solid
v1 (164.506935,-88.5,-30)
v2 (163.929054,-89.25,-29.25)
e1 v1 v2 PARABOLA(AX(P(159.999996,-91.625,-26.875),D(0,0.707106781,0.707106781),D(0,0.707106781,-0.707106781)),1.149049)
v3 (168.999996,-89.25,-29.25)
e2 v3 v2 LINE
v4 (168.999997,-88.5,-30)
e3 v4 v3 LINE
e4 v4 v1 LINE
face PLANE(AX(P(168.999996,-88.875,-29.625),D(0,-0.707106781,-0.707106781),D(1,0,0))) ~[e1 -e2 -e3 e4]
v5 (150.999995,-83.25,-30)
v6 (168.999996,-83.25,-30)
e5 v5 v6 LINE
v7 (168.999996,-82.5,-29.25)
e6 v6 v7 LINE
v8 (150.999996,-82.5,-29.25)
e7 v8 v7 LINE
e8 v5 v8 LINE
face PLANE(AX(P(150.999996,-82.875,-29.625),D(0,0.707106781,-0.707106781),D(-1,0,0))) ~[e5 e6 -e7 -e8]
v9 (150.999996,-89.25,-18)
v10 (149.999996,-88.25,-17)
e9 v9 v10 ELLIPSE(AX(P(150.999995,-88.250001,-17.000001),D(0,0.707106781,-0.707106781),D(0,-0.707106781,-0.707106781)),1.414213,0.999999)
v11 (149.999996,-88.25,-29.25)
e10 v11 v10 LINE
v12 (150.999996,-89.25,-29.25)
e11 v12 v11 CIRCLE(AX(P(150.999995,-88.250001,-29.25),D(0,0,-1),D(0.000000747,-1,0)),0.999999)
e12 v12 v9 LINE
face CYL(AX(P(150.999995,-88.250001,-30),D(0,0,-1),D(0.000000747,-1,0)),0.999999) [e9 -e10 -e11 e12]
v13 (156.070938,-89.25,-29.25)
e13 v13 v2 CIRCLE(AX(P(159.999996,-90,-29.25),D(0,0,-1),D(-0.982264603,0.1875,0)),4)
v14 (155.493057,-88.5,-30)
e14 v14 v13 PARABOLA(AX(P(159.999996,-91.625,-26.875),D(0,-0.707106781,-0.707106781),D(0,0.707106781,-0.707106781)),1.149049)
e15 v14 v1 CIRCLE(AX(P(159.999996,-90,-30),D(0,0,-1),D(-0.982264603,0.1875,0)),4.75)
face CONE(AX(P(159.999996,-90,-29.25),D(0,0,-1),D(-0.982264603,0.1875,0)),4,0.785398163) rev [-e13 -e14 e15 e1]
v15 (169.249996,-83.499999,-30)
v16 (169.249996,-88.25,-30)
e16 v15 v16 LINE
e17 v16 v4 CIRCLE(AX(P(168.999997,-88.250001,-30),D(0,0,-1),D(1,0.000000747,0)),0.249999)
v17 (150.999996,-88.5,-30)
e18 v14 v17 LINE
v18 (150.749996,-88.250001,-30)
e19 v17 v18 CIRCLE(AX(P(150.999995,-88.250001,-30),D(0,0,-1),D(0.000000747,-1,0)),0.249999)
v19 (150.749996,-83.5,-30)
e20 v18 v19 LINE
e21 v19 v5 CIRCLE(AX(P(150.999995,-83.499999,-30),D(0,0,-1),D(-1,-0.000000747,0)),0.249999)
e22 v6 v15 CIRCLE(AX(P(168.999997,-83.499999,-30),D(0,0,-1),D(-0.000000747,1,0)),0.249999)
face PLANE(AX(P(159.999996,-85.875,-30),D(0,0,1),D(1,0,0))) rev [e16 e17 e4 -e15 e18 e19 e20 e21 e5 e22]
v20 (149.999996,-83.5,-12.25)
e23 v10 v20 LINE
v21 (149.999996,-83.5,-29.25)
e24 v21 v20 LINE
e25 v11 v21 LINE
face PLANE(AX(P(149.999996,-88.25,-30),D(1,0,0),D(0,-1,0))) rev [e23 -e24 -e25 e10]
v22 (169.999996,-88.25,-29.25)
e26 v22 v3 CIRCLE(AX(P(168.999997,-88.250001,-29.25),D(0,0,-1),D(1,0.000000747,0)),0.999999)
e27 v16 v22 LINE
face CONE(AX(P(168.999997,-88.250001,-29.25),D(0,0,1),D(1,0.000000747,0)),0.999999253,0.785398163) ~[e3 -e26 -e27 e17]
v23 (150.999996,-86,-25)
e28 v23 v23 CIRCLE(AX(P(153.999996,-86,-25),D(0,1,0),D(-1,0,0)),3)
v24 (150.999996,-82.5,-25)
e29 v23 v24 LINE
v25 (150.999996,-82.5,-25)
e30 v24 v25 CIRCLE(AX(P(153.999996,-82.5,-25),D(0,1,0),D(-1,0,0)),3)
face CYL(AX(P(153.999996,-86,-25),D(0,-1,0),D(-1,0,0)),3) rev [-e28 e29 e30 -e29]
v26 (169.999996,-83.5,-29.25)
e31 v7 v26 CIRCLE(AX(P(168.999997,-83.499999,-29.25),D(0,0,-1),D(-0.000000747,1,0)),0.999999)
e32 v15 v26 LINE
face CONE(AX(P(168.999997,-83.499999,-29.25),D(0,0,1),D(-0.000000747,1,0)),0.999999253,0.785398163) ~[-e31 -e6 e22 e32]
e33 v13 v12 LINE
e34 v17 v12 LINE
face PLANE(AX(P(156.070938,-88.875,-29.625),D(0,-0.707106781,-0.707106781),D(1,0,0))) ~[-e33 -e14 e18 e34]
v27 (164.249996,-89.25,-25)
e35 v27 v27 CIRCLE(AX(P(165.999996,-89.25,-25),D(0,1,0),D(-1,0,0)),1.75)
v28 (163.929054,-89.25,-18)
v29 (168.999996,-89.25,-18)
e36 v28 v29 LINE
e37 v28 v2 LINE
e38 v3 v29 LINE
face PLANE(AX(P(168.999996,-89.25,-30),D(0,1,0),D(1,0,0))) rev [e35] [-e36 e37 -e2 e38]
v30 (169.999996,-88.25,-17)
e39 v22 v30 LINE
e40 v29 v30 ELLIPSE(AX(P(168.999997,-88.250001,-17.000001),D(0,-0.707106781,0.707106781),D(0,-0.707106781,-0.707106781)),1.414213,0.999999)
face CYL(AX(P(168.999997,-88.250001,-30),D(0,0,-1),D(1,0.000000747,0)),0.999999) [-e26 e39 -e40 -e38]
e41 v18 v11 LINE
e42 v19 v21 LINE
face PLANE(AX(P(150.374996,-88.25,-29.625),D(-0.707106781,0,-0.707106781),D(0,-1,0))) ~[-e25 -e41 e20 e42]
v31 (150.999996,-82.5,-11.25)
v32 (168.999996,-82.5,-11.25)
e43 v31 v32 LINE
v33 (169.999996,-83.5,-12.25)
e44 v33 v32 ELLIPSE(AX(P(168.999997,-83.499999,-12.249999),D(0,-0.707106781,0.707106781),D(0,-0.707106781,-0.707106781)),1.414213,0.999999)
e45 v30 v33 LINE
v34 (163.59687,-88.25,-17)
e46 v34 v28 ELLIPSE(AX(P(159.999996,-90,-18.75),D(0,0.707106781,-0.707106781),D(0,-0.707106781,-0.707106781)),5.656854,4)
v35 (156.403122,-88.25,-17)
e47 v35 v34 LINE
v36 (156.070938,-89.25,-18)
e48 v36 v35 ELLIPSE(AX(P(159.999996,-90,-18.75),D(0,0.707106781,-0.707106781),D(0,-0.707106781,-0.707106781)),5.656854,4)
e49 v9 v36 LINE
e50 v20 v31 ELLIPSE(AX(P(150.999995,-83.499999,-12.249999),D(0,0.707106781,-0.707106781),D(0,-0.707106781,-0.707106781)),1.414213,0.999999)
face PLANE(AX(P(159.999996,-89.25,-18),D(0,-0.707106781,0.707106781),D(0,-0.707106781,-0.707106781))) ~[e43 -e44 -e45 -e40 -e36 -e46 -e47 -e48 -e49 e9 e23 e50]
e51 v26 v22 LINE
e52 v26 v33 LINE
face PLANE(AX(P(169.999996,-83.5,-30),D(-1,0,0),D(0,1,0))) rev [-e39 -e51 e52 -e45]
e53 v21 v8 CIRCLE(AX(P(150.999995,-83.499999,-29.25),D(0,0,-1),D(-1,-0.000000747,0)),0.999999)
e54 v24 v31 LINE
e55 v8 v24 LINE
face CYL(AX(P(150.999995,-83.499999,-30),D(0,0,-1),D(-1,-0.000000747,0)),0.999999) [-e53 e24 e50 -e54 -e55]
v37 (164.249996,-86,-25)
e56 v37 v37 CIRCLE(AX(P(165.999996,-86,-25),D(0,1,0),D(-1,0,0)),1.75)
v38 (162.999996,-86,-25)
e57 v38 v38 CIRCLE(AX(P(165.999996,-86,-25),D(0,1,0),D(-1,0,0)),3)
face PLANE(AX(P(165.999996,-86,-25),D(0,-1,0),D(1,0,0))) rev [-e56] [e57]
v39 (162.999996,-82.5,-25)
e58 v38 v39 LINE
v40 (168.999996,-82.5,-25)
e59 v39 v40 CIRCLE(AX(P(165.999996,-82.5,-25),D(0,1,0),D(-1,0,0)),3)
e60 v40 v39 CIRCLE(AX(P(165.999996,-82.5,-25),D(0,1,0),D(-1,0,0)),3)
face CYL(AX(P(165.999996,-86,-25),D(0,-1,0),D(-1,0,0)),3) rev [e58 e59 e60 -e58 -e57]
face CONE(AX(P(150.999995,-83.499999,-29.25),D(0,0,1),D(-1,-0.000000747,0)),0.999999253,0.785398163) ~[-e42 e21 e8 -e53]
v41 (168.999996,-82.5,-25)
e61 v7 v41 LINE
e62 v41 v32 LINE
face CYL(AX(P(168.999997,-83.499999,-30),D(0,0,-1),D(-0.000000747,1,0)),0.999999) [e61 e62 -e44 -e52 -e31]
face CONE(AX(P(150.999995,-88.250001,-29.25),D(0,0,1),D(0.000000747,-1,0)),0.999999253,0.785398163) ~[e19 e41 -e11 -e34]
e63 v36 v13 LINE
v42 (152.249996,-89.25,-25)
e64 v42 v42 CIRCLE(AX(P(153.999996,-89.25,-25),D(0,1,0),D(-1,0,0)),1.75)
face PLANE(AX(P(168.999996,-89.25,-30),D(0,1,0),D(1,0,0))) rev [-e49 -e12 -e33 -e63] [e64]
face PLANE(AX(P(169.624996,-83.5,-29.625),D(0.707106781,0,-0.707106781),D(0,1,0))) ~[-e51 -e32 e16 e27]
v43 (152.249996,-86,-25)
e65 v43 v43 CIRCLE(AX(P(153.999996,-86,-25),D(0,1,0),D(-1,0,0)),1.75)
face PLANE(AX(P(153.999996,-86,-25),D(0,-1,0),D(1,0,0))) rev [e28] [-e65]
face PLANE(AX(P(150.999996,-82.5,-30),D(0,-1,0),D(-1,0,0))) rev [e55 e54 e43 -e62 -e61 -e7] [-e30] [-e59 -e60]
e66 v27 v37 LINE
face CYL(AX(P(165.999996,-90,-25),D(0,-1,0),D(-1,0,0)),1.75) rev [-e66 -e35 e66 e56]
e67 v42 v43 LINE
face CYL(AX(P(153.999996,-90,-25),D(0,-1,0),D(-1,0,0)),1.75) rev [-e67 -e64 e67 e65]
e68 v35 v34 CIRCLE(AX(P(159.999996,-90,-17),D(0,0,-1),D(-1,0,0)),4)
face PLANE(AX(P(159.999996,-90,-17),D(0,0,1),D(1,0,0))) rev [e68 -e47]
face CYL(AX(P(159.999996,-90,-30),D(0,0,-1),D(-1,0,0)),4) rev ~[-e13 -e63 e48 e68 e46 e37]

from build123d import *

# Parameters (mm, degrees)
PAD141_DEPTH         = 19
POCKET481_DEPTH      = 10.001
POCKET481_DEPTH_BACK = 10.001
SKETCH672_R          = 4
POCKET482_DEPTH      = 13
SKETCH673_R          = 1.75
POCKET483_DEPTH      = 7.501
SKETCH674_R          = 3
POCKET484_DEPTH      = 3.501
CHAMFER036_SIZE      = 0.75


with BuildPart() as z_rod_clamp_left:
    # Sketch670 → Pad141 (new body)
    with BuildSketch(Plane.XY):
        with BuildLine():
            Line((-9, 0.75), (9, 0.75))
            ThreePointArc((9, 0.75), (9.707107, 1.042893), (10, 1.75))
            Line((10, 1.75), (10, 6.5))
            ThreePointArc((10, 6.5), (9.707107, 7.207107), (9, 7.5))
            Line((9, 7.5), (-9, 7.5))
            ThreePointArc((-9, 7.5), (-9.707107, 7.207107), (-10, 6.5))
            Line((-10, 6.5), (-10, 1.75))
            ThreePointArc((-10, 1.75), (-9.707107, 1.042893), (-9, 0.75))
        make_face()
    extrude(amount=PAD141_DEPTH)

    # Sketch671 → Pocket481 (cut, two sides)
    with BuildSketch(Plane.YZ) as pocket481_sk:
        Polygon((0.75, 12), (7.75, 19), (0.75, 19), align=None)
    extrude(amount=-POCKET481_DEPTH, mode=Mode.SUBTRACT)
    extrude(pocket481_sk.sketch, amount=POCKET481_DEPTH_BACK, mode=Mode.SUBTRACT)

    # Sketch672 → Pocket482 (cut)
    with BuildSketch(Plane.XY):
        Circle(SKETCH672_R)
    extrude(amount=POCKET482_DEPTH, mode=Mode.SUBTRACT)

    # Sketch673 → Pocket483 (cut, through all)
    with BuildSketch(Plane.XZ):
        with Locations((6, 5)):
            Circle(SKETCH673_R)
        with Locations((-6, 5)):
            Circle(SKETCH673_R)
    extrude(amount=-POCKET483_DEPTH, mode=Mode.SUBTRACT)

    # Sketch674 → Pocket484 (cut, through all)
    with BuildSketch(Plane.XZ.offset(-4)):
        with Locations((6, 5)):
            Circle(SKETCH674_R)
        with Locations((-6, 5)):
            Circle(SKETCH674_R)
    extrude(amount=-POCKET484_DEPTH, mode=Mode.SUBTRACT)

    # Chamfer036
    chamfer036_edges = [z_rod_clamp_left.edges().sort_by_distance(p)[0] for p in [
        (-9.707107, 1.042893, 0),
        (-10, 4.125, 0),
        (-9.707107, 7.207107, 0),
        (0, 7.5, 0),
        (9.707107, 7.207107, 0),
        (10, 4.125, 0),
        (9.707107, 1.042893, 0),
        (6.464529, 0.75, 0),
        (0, 4, 0),
        (-6.464529, 0.75, 0),
    ]]
    chamfer(chamfer036_edges, length=CHAMFER036_SIZE)


with BuildPart() as z_rod_clamp_left_1:
    # Body208 placement: moved
    add(z_rod_clamp_left.part.moved(Location((-160, -90, -30))))


with BuildPart() as part_mirroring098:
    # Part__Mirroring098: instance of z-rod-clamp-left
    add(z_rod_clamp_left_1.part.mirror(Plane(origin=(-2e-06, -85.875, -20.625002), x_dir=(0, -1, 0), z_dir=(1, 0, 0))))


solid = part_mirroring098.part
